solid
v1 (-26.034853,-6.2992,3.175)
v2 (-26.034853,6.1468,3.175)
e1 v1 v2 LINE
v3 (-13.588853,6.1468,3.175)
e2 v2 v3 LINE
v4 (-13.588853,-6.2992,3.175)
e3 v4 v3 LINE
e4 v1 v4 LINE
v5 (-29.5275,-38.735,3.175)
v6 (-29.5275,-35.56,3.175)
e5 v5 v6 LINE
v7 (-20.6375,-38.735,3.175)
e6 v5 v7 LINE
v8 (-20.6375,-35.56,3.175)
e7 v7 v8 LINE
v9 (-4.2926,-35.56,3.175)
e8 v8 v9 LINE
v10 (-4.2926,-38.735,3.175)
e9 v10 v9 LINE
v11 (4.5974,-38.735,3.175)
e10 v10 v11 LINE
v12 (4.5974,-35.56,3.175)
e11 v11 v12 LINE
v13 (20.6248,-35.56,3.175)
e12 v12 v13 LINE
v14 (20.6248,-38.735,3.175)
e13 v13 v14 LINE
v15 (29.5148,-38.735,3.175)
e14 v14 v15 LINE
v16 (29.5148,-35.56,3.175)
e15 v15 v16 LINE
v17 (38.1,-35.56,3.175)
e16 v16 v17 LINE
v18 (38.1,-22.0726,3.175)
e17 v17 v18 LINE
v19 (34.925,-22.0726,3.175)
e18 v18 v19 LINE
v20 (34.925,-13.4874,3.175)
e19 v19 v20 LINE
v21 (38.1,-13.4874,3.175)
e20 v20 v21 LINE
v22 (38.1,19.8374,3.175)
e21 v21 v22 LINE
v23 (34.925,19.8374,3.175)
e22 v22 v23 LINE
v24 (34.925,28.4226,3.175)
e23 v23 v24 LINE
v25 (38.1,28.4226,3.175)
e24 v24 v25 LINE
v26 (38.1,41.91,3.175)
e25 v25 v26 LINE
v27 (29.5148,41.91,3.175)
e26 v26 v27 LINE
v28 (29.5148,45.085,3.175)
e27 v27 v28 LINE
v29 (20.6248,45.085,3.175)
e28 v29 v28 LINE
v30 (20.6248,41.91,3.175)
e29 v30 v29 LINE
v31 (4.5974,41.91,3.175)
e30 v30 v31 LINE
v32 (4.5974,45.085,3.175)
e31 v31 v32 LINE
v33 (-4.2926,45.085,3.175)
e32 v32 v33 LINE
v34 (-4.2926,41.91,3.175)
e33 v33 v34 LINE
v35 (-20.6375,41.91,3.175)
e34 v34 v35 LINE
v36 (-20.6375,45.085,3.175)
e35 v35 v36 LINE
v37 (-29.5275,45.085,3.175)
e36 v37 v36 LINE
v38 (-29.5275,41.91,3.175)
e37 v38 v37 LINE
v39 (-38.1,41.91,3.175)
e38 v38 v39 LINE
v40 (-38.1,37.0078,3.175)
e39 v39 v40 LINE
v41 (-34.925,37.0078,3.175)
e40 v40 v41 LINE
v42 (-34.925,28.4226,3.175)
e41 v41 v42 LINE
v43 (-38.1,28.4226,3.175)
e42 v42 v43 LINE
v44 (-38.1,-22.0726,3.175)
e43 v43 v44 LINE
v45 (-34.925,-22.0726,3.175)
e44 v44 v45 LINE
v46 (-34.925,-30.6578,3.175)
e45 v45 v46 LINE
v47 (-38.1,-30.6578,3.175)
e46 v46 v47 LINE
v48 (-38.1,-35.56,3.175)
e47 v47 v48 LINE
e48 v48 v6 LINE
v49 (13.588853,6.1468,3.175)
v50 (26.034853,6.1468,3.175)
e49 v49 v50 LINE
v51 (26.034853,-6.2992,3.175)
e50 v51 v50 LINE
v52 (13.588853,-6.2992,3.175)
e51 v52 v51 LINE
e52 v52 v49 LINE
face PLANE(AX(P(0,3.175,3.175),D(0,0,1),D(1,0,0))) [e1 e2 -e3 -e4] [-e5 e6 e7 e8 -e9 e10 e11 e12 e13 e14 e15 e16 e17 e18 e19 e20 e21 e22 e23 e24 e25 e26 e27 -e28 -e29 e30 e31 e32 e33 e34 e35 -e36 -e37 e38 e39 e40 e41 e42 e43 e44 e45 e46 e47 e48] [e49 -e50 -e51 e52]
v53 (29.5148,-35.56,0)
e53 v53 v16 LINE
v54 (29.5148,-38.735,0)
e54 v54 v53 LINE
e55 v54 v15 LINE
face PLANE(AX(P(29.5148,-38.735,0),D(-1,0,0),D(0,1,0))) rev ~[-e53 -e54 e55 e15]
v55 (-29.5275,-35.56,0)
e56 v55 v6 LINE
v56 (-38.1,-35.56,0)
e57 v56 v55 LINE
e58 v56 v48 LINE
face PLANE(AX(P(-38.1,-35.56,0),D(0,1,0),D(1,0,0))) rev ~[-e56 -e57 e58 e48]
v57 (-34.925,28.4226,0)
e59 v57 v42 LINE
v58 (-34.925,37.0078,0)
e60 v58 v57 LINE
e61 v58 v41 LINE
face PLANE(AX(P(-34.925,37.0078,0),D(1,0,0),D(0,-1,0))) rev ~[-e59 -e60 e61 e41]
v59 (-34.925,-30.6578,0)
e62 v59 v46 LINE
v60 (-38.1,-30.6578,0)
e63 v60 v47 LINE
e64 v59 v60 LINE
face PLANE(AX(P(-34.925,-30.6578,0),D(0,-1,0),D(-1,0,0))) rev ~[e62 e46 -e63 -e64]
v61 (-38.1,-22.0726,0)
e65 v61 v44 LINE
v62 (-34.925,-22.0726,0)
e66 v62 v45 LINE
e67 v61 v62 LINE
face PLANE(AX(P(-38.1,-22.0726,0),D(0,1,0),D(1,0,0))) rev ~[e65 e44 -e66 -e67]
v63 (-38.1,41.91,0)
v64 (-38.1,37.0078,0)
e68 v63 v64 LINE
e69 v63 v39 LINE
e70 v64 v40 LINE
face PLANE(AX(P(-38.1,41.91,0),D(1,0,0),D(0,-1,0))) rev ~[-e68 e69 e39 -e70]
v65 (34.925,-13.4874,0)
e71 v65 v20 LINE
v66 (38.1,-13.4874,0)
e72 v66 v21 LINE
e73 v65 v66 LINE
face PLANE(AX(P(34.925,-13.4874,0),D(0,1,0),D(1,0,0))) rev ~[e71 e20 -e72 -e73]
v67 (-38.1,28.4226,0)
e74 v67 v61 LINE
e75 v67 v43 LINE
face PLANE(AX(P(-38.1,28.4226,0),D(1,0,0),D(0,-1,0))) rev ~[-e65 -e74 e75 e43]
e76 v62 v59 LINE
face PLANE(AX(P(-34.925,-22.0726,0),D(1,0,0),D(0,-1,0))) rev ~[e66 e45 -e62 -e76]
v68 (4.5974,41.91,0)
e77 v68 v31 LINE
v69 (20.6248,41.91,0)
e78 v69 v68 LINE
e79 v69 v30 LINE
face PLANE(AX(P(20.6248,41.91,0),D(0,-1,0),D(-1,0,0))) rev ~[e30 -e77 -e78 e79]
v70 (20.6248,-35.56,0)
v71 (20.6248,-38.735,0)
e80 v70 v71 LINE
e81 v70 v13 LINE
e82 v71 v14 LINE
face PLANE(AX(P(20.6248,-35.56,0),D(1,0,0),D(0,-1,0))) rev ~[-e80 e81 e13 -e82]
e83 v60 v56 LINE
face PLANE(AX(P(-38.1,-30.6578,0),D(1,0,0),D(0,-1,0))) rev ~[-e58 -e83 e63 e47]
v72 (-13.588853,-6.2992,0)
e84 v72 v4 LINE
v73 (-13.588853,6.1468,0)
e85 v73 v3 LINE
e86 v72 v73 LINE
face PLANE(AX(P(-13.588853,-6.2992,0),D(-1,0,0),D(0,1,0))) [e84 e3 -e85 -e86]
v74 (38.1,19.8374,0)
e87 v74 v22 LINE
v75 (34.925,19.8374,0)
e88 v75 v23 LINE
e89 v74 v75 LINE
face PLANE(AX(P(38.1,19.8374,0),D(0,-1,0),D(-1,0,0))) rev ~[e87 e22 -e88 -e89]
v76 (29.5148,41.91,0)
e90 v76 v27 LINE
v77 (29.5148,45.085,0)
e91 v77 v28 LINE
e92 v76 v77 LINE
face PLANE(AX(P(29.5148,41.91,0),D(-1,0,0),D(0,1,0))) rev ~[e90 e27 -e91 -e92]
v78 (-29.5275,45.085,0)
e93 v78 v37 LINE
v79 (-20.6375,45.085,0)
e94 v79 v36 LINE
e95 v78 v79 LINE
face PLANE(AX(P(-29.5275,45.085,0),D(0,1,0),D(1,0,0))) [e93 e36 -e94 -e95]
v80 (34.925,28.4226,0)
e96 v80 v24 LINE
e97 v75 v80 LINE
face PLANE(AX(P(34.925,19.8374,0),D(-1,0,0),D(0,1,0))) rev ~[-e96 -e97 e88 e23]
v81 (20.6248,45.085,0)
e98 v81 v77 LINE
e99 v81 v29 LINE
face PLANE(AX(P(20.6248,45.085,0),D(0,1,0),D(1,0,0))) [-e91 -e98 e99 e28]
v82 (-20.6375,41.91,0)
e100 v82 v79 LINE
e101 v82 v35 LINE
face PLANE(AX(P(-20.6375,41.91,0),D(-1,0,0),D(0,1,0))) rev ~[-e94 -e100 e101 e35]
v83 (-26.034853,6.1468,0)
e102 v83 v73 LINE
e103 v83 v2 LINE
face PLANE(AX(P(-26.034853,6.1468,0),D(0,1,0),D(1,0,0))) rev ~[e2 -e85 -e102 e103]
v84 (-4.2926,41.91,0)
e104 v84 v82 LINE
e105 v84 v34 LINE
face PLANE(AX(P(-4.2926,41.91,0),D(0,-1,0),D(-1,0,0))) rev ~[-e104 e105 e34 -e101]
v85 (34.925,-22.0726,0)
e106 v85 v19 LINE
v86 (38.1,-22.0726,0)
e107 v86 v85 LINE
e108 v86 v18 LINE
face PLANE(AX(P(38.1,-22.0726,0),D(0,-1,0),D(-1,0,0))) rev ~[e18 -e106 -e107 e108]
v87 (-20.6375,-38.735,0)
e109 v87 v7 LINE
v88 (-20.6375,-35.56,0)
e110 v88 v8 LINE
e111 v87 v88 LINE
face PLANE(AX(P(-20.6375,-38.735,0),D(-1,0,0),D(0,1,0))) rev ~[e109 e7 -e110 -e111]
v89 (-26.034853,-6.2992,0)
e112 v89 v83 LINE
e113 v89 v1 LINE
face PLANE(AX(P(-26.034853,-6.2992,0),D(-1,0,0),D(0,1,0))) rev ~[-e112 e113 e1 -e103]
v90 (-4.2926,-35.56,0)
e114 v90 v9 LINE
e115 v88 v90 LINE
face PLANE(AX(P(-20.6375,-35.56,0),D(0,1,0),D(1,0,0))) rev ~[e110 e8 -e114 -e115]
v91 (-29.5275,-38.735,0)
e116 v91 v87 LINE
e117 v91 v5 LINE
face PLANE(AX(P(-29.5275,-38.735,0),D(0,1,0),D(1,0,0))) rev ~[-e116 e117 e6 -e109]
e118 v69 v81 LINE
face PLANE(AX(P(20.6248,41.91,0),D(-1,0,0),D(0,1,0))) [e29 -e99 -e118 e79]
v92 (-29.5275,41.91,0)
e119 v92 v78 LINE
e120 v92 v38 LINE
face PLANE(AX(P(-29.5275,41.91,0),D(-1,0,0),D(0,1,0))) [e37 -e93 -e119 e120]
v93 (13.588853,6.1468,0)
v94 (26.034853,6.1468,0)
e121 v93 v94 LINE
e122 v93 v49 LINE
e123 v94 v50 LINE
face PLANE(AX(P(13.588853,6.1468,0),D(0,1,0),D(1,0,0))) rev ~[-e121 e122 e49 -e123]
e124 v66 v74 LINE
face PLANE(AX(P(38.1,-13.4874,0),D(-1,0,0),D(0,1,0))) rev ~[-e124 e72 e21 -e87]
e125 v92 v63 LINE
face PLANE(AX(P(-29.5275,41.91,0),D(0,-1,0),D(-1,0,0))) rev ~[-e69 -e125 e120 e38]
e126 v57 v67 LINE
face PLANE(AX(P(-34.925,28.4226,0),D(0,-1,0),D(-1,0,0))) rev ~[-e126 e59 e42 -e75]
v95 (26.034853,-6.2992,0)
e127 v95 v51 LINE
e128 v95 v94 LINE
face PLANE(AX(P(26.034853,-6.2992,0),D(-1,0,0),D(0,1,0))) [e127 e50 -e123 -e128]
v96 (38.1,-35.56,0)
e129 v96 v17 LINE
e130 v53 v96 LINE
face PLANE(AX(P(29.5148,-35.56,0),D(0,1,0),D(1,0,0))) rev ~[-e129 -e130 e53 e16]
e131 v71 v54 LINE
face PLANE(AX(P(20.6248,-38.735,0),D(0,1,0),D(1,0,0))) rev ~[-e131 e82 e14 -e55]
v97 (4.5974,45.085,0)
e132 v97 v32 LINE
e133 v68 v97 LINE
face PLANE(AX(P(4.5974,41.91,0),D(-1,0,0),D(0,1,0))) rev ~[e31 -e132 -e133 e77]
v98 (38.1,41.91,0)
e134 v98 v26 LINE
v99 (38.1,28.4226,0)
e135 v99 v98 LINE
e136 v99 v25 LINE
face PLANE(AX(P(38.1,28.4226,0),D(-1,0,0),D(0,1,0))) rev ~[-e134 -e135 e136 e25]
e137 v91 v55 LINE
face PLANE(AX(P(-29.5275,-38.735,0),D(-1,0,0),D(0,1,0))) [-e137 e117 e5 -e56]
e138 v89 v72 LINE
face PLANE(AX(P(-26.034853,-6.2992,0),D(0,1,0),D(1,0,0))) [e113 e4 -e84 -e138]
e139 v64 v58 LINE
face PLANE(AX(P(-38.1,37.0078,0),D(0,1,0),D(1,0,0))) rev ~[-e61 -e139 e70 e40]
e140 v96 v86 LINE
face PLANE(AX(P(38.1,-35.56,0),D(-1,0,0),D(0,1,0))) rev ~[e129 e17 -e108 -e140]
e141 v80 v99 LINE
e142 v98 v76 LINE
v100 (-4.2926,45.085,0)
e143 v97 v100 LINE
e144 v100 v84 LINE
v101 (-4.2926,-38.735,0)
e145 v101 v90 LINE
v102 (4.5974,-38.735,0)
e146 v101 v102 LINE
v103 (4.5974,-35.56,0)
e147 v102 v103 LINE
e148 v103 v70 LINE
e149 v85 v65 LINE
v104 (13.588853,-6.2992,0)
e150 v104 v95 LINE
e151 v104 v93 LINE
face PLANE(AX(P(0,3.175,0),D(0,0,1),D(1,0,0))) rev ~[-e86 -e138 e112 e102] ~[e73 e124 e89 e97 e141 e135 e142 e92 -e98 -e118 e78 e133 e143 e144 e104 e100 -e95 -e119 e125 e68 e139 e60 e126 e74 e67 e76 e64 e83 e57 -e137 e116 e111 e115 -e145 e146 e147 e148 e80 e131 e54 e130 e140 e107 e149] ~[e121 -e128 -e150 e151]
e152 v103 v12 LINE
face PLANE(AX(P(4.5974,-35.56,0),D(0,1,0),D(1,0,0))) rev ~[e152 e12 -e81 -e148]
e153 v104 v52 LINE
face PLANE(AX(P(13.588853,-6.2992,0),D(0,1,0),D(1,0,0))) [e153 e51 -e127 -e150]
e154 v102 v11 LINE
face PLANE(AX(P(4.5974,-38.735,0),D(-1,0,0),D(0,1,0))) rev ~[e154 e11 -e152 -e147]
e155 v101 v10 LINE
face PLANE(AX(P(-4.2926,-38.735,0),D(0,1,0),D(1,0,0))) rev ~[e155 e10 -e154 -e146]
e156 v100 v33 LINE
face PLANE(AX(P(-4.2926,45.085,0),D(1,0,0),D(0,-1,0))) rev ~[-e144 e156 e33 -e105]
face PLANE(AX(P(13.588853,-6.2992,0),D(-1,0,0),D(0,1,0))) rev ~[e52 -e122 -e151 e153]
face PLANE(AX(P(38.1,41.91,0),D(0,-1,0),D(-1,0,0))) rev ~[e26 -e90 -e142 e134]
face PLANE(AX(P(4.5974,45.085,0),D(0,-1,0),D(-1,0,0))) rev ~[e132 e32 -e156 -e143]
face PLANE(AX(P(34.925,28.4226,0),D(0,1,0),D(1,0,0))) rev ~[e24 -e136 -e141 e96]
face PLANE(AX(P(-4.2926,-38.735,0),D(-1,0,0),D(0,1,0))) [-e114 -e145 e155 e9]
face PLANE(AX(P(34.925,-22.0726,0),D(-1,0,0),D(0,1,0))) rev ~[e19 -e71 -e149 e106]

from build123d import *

# Parameters (mm, degrees)
F0_W     = 12.446
F0_H     = 12.446
F0_W_2   = 8.89
F0_H_2   = 3.175
F1_DEPTH = 3.175


with BuildPart() as f1:
    # F0 (on Top) → F1 (new body)
    with BuildSketch(Plane.XY):
        Polygon((-29.5275, 41.91), (-38.1, 41.91), (-38.1, 37.0078), (-34.925, 37.0078), (-34.925, 28.4226), (-38.1, 28.4226), (-38.1, -22.0726), (-34.925, -22.0726), (-34.925, -30.6578), (-38.1, -30.6578), (-38.1, -35.56), (-29.5275, -35.56), (-20.6375, -35.56), (-4.2926, -35.56), (4.5974, -35.56), (20.6248, -35.56), (29.1973, -35.56), (29.5148, -35.56), (38.1, -35.56), (38.1, -22.0726), (34.925, -22.0726), (34.925, -13.4874), (38.1, -13.4874), (38.1, 19.8374), (34.925, 19.8374), (34.925, 28.4226), (38.1, 28.4226), (38.1, 41.91), (29.5148, 41.91), (20.6248, 41.91), (4.5974, 41.91), (0.1524, 41.91), (-4.2926, 41.91), (-20.6375, 41.91), align=None)
        with Locations((-19.811853, -0.0762)):
            Rectangle(F0_W, F0_H, mode=Mode.SUBTRACT)
        with Locations((19.811853, -0.0762)):
            Rectangle(F0_W, F0_H, mode=Mode.SUBTRACT)
        with Locations((-25.0825, 43.4975)):
            Rectangle(F0_W_2, F0_H_2)
        Polygon((-4.2926, 45.085), (-4.2926, 41.91), (0.1524, 41.91), (4.5974, 41.91), (4.5974, 45.085), align=None)
        with Locations((25.0698, 43.4975)):
            Rectangle(F0_W_2, F0_H_2)
        with Locations((-25.0825, -37.1475)):
            Rectangle(F0_W_2, F0_H_2)
        with Locations((0.1524, -37.1475)):
            Rectangle(F0_W_2, F0_H_2)
        Polygon((29.1973, -35.56), (20.6248, -35.56), (20.6248, -38.735), (29.5148, -38.735), (29.5148, -35.56), align=None)
    extrude(amount=F1_DEPTH)


solid = f1.part
